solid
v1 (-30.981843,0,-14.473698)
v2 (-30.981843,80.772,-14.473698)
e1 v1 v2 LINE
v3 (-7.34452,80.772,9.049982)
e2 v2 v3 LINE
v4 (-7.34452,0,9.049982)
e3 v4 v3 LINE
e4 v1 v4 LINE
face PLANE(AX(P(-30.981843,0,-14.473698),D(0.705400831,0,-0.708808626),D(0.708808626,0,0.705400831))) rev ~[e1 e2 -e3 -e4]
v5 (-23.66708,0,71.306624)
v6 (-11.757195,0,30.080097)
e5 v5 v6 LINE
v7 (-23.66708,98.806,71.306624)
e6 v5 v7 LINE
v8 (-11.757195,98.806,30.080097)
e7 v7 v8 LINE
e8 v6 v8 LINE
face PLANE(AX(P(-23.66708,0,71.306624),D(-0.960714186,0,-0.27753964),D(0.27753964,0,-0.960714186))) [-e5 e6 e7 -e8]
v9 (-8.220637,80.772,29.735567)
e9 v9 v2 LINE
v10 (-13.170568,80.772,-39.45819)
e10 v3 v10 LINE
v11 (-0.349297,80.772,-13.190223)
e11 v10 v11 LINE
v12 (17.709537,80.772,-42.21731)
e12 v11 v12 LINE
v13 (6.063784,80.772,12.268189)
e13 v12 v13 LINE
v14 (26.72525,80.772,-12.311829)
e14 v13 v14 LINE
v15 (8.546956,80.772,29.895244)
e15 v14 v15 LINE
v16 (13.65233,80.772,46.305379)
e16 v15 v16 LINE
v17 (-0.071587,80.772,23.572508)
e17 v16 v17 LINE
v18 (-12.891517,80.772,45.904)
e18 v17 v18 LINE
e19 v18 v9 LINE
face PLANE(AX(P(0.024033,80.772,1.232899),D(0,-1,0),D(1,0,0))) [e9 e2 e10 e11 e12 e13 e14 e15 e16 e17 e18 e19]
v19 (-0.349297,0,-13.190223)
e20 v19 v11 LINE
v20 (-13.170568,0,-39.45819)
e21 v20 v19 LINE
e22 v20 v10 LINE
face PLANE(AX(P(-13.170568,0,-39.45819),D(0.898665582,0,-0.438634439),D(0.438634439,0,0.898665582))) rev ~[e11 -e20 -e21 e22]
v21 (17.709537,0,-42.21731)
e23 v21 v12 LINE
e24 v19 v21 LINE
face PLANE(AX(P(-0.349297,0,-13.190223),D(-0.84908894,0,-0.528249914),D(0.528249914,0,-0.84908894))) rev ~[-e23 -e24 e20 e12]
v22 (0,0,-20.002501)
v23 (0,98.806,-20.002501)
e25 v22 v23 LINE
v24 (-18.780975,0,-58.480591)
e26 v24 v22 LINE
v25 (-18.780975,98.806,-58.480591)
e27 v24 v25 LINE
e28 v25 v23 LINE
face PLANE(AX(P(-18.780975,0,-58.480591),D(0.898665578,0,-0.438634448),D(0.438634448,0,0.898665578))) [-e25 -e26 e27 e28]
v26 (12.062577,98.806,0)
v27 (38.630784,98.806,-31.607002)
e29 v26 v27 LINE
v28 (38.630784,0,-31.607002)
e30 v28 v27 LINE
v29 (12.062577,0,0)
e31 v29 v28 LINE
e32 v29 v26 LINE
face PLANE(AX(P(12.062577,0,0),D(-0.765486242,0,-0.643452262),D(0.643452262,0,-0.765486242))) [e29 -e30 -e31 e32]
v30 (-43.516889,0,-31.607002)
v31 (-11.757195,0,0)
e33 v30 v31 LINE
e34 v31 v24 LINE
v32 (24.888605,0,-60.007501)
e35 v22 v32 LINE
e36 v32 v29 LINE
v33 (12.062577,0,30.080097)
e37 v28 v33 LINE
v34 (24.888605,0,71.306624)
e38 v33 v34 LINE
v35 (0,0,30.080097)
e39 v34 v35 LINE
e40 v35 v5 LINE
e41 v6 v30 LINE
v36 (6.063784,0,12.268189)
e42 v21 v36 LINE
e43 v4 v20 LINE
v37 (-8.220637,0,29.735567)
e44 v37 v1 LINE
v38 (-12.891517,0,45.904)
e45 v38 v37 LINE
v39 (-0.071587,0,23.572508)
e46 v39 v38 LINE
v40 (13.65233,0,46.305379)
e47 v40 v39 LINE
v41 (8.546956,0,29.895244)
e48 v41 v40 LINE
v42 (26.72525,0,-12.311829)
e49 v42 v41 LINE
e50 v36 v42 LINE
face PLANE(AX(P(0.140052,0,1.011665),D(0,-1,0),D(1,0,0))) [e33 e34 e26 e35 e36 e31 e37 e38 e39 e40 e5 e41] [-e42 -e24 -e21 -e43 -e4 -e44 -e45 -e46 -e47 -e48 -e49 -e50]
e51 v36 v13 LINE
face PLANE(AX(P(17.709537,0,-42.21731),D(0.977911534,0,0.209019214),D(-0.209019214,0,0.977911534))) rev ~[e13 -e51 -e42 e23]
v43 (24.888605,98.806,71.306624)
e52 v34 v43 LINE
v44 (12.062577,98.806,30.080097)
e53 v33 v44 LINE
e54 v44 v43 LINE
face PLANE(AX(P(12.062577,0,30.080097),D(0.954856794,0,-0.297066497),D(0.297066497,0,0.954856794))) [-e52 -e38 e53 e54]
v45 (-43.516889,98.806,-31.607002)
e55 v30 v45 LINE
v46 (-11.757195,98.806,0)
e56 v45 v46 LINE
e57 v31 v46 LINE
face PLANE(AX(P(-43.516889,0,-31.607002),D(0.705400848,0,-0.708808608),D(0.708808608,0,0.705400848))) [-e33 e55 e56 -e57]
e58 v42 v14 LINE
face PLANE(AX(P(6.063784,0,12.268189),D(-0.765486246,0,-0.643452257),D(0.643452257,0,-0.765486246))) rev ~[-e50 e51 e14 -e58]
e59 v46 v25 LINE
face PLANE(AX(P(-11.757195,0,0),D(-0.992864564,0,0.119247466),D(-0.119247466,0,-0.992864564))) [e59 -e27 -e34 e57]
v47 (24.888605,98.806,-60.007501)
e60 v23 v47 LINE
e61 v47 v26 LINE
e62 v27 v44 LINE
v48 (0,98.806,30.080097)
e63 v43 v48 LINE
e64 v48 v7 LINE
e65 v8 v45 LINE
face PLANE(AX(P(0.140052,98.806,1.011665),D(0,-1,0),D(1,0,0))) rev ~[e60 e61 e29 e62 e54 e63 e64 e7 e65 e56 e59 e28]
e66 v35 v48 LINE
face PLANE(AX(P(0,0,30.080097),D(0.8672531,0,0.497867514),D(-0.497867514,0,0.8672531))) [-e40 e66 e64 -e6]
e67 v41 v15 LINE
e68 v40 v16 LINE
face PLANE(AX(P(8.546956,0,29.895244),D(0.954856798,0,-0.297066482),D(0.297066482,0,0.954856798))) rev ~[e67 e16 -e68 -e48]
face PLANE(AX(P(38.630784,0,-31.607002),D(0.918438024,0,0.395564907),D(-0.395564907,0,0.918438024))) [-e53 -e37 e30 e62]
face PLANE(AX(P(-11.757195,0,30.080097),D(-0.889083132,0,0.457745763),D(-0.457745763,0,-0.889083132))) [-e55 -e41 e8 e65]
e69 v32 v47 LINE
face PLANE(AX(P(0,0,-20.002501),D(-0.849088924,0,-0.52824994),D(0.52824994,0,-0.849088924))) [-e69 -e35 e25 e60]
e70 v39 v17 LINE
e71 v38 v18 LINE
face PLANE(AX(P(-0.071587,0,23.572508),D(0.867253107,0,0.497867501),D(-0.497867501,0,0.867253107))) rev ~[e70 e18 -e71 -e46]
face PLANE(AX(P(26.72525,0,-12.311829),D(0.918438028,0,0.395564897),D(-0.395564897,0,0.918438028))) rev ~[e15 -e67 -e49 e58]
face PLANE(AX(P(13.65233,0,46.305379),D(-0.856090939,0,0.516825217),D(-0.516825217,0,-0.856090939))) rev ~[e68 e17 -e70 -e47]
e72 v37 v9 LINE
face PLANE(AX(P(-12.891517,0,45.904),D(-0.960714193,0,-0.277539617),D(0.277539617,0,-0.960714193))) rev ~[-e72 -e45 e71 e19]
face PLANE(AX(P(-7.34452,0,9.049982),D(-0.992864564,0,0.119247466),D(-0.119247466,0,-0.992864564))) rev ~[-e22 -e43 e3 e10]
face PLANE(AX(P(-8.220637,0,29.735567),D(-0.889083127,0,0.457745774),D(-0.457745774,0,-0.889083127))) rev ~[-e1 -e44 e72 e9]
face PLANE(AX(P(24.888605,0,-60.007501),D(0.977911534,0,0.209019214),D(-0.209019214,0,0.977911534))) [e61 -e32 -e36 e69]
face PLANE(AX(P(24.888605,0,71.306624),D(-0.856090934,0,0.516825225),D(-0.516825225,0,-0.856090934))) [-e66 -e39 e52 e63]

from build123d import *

# Parameters (mm, degrees)
F1_DEPTH = 98.806
F3_DEPTH = 80.772


with BuildPart() as f1:
    # F0 (on Front) → F1 (new body)
    with BuildSketch(Plane.XZ):
        Polygon((0, -20.002501), (24.888605, -60.007501), (12.062577, 0), (38.630784, -31.607002), (12.062577, 30.080097), (24.888605, 71.306624), (0, 30.080097), (-23.66708, 71.306624), (-11.757195, 30.080097), (-43.516889, -31.607002), (-11.757195, 0), (-18.780975, -58.480591), align=None)
    extrude(amount=-F1_DEPTH)

    # F2 (on face) → F3 (cut)
    with BuildSketch(Plane.XZ):
        Polygon((8.546956, 29.895244), (13.65233, 46.305379), (-0.071587, 23.572508), (-12.891517, 45.904), (-8.220637, 29.735567), (-30.981843, -14.473698), (-7.34452, 9.049982), (-13.170568, -39.45819), (-0.349297, -13.190223), (17.709537, -42.21731), (6.063784, 12.268189), (26.72525, -12.311829), align=None)
    extrude(amount=-F3_DEPTH, mode=Mode.SUBTRACT)


solid = f1.part
